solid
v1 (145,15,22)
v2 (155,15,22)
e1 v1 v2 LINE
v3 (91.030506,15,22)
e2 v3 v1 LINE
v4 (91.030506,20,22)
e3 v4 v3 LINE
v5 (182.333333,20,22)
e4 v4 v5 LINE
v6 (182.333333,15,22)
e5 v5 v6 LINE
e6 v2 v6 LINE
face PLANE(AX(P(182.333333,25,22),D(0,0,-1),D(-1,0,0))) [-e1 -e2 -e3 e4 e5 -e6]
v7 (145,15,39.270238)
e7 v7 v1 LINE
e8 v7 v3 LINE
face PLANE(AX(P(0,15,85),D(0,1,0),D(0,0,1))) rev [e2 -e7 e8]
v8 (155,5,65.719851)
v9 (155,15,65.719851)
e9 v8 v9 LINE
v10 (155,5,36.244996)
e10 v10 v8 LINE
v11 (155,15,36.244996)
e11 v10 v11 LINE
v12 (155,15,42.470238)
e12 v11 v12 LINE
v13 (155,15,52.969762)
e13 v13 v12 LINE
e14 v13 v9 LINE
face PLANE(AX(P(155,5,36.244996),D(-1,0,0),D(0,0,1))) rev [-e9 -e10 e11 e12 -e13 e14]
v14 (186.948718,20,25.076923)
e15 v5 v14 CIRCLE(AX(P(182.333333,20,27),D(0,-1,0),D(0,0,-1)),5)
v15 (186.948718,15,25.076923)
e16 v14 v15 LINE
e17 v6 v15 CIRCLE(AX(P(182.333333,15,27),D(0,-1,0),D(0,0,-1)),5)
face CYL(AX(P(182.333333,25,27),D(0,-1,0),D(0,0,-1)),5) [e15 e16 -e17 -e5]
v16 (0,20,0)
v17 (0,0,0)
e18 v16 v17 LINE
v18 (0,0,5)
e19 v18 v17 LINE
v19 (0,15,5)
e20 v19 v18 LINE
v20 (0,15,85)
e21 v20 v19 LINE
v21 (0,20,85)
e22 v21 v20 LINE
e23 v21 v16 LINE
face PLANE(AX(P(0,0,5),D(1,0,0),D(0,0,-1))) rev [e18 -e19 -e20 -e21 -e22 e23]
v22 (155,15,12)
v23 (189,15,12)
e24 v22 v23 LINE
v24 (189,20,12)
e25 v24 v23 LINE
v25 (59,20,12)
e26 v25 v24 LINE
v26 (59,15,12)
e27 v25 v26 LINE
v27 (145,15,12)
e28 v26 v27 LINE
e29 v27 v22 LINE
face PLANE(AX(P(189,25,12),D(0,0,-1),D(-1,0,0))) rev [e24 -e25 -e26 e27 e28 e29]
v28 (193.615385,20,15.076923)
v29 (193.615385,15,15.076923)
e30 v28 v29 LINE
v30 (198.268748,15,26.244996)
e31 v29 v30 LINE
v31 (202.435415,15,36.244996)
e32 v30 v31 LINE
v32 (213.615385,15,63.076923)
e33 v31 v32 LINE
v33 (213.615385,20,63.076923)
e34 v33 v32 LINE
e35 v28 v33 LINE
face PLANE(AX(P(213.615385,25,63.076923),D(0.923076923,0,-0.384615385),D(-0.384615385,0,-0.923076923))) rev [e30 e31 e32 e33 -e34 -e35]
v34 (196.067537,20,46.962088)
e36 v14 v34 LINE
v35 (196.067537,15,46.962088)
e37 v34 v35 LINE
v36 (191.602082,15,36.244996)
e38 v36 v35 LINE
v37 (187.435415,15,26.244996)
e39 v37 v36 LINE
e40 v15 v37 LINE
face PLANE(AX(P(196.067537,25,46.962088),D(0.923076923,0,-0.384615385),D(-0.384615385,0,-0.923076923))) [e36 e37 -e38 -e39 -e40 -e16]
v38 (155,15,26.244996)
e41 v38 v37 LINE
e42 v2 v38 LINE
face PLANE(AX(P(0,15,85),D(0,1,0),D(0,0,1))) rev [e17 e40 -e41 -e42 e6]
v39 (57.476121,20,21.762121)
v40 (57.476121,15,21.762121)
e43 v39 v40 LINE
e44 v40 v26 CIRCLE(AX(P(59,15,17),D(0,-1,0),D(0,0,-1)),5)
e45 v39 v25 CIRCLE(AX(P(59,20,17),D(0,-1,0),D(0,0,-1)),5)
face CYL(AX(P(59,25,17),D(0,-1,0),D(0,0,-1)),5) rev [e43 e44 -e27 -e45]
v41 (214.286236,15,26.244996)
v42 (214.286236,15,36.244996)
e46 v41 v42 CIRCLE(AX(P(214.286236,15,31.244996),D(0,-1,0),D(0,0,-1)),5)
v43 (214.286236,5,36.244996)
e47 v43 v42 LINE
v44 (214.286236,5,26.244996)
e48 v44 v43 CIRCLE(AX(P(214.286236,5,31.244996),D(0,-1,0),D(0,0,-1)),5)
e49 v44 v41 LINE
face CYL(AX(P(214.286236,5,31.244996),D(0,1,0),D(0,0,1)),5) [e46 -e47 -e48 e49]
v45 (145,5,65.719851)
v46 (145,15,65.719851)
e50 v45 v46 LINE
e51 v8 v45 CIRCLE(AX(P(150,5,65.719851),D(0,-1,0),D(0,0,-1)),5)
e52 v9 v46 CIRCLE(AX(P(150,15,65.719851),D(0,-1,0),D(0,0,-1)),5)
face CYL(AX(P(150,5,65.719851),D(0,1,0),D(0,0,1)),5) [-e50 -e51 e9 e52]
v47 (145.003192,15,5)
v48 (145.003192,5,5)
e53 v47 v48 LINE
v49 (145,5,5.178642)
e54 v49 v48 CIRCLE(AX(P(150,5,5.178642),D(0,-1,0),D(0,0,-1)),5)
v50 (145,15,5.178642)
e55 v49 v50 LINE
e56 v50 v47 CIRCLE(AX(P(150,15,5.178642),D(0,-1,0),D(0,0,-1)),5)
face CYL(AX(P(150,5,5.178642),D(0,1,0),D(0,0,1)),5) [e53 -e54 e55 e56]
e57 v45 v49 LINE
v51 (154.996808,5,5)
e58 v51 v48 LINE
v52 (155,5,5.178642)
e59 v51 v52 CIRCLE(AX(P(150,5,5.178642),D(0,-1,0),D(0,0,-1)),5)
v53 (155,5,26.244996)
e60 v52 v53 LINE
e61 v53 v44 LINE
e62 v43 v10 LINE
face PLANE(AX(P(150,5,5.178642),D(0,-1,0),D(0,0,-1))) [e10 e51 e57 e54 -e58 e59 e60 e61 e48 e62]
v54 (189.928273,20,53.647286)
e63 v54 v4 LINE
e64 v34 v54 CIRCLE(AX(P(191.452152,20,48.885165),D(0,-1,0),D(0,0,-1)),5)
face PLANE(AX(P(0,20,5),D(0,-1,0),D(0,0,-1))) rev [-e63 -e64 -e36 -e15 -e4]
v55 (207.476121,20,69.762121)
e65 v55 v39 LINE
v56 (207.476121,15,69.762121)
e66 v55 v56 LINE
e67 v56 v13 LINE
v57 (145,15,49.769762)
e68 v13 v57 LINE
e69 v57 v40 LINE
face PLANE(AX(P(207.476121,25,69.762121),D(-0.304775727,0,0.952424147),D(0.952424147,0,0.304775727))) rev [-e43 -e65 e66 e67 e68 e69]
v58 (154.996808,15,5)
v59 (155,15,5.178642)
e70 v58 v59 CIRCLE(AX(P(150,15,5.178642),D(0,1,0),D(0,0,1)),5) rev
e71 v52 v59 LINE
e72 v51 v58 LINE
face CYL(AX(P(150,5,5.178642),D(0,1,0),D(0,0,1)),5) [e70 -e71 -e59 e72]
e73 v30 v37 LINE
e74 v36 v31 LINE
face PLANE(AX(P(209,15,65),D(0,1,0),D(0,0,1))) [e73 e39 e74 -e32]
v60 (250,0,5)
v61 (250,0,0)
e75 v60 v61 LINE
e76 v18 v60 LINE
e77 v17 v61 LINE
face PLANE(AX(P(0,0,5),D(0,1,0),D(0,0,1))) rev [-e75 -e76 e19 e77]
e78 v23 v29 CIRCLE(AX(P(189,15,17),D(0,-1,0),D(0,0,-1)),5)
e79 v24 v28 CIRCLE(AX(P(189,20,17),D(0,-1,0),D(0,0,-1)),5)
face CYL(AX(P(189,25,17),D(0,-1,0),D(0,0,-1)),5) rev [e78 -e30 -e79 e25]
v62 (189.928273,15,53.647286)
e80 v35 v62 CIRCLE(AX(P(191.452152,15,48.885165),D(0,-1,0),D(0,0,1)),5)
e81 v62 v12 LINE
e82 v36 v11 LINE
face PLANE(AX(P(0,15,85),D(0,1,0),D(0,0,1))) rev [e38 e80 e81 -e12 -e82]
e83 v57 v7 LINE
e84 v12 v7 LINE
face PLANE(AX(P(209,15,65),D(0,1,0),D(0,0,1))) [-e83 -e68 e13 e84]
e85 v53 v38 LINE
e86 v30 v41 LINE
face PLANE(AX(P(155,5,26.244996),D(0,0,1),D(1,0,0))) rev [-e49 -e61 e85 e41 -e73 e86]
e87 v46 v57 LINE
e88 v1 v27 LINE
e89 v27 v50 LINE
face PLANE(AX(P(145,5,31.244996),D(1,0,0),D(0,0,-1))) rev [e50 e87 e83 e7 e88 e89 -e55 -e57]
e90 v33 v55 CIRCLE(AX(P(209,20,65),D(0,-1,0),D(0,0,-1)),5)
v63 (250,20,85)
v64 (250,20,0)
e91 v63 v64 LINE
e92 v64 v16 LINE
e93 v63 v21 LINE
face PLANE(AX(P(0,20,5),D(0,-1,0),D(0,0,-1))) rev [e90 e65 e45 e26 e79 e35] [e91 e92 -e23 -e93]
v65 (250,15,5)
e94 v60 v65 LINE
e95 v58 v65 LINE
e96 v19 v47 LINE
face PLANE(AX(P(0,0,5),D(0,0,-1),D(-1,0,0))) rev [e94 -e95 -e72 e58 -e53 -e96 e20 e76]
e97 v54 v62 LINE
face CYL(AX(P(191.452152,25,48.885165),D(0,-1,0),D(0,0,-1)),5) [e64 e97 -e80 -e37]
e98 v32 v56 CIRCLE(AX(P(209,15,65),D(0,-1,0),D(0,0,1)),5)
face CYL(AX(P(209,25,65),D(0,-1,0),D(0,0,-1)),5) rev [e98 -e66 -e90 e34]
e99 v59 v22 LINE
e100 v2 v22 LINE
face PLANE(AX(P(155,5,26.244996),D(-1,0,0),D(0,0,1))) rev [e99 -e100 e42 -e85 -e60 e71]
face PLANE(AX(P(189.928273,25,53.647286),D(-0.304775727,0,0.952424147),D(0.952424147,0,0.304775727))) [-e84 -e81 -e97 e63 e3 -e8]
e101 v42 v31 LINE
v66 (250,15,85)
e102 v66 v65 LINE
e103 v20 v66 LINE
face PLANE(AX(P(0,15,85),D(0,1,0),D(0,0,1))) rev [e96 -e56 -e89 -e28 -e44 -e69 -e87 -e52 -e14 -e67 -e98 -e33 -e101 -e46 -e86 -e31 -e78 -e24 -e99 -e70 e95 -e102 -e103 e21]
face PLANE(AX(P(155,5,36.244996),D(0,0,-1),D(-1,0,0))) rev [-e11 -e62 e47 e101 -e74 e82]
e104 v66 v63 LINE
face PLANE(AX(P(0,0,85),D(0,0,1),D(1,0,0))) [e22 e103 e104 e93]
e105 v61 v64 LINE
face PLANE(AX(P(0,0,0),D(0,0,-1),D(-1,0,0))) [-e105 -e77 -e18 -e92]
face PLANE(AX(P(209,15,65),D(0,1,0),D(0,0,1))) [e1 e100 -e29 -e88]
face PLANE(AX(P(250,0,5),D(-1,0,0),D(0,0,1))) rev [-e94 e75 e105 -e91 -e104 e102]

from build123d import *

# Parameters (mm, degrees)
SKETCH1_W           = 250
SKETCH1_H           = 20
BOSS_EXTRUDE1_DEPTH = 5
SKETCH2_W           = 250
SKETCH2_H           = 5
BOSS_EXTRUDE2_DEPTH = 80
BOSS_EXTRUDE3_DEPTH = 10
CUT_EXTRUDE2_DEPTH  = 10


with BuildPart() as part:
    # Sketch1 → Boss-Extrude1 (new body)
    with BuildSketch(Plane.XY):
        with Locations((125, 10)):
            Rectangle(SKETCH1_W, SKETCH1_H)
    extrude(amount=BOSS_EXTRUDE1_DEPTH)

    # Sketch2 → Boss-Extrude2 (add)
    with BuildSketch(Plane.XY.offset(5)):
        with Locations((125, 17.5)):
            Rectangle(SKETCH2_W, SKETCH2_H)
    extrude(amount=BOSS_EXTRUDE2_DEPTH)

    # Sketch4 → Boss-Extrude3 (add)
    with BuildSketch(Plane.XZ.offset(-15)):
        with BuildLine():
            Line((145, 31.244995812), (145, 65.71985119))
            ThreePointArc((145, 65.71985119), (150, 70.71985119), (155, 65.71985119))
            Line((155, 65.71985119), (155, 36.244995812))
            Line((155, 36.244995812), (214.286235525, 36.244995812))
            ThreePointArc((214.286235525, 36.244995812), (219.286235525, 31.244995812), (214.286235525, 26.244995812))
            Line((214.286235525, 26.244995812), (155, 26.244995812))
            Line((155, 26.244995812), (155, 5.178641746))
            ThreePointArc((155, 5.178641746), (150, 0.178641746), (145, 5.178641746))
            Line((145, 5.178641746), (145, 31.244995812))
        make_face()
    extrude(amount=BOSS_EXTRUDE3_DEPTH)

    # Sketch3 → Cut-Extrude2 (cut)
    with BuildSketch(Plane.XZ.offset(-15)):
        with BuildLine():
            Line((207.476121364, 69.762120736), (57.476121364, 21.762120736))
            ThreePointArc((57.476121364, 21.762120736), (54.059827752, 16.228833248), (59, 12))
            Line((59, 12), (189, 12))
            ThreePointArc((189, 12), (191.773500981, 12.839748528), (193.615384615, 15.076923077))
            Line((193.615384615, 15.076923077), (213.615384615, 63.076923077))
            ThreePointArc((213.615384615, 63.076923077), (212.682705424, 68.381964039), (207.476121364, 69.762120736))
        make_face()
        with BuildLine():
            Line((189.928273384, 53.647285584), (91.030505936, 22))
            Line((91.030505936, 22), (182.333333333, 22))
            ThreePointArc((182.333333333, 22), (185.106834314, 22.839748528), (186.948717949, 25.076923077))
            Line((186.948717949, 25.076923077), (196.067536635, 46.962087925))
            ThreePointArc((196.067536635, 46.962087925), (195.134857444, 52.267128886), (189.928273384, 53.647285584))
        make_face(mode=Mode.SUBTRACT)
    extrude(amount=-CUT_EXTRUDE2_DEPTH, mode=Mode.SUBTRACT)


solid = part.part
